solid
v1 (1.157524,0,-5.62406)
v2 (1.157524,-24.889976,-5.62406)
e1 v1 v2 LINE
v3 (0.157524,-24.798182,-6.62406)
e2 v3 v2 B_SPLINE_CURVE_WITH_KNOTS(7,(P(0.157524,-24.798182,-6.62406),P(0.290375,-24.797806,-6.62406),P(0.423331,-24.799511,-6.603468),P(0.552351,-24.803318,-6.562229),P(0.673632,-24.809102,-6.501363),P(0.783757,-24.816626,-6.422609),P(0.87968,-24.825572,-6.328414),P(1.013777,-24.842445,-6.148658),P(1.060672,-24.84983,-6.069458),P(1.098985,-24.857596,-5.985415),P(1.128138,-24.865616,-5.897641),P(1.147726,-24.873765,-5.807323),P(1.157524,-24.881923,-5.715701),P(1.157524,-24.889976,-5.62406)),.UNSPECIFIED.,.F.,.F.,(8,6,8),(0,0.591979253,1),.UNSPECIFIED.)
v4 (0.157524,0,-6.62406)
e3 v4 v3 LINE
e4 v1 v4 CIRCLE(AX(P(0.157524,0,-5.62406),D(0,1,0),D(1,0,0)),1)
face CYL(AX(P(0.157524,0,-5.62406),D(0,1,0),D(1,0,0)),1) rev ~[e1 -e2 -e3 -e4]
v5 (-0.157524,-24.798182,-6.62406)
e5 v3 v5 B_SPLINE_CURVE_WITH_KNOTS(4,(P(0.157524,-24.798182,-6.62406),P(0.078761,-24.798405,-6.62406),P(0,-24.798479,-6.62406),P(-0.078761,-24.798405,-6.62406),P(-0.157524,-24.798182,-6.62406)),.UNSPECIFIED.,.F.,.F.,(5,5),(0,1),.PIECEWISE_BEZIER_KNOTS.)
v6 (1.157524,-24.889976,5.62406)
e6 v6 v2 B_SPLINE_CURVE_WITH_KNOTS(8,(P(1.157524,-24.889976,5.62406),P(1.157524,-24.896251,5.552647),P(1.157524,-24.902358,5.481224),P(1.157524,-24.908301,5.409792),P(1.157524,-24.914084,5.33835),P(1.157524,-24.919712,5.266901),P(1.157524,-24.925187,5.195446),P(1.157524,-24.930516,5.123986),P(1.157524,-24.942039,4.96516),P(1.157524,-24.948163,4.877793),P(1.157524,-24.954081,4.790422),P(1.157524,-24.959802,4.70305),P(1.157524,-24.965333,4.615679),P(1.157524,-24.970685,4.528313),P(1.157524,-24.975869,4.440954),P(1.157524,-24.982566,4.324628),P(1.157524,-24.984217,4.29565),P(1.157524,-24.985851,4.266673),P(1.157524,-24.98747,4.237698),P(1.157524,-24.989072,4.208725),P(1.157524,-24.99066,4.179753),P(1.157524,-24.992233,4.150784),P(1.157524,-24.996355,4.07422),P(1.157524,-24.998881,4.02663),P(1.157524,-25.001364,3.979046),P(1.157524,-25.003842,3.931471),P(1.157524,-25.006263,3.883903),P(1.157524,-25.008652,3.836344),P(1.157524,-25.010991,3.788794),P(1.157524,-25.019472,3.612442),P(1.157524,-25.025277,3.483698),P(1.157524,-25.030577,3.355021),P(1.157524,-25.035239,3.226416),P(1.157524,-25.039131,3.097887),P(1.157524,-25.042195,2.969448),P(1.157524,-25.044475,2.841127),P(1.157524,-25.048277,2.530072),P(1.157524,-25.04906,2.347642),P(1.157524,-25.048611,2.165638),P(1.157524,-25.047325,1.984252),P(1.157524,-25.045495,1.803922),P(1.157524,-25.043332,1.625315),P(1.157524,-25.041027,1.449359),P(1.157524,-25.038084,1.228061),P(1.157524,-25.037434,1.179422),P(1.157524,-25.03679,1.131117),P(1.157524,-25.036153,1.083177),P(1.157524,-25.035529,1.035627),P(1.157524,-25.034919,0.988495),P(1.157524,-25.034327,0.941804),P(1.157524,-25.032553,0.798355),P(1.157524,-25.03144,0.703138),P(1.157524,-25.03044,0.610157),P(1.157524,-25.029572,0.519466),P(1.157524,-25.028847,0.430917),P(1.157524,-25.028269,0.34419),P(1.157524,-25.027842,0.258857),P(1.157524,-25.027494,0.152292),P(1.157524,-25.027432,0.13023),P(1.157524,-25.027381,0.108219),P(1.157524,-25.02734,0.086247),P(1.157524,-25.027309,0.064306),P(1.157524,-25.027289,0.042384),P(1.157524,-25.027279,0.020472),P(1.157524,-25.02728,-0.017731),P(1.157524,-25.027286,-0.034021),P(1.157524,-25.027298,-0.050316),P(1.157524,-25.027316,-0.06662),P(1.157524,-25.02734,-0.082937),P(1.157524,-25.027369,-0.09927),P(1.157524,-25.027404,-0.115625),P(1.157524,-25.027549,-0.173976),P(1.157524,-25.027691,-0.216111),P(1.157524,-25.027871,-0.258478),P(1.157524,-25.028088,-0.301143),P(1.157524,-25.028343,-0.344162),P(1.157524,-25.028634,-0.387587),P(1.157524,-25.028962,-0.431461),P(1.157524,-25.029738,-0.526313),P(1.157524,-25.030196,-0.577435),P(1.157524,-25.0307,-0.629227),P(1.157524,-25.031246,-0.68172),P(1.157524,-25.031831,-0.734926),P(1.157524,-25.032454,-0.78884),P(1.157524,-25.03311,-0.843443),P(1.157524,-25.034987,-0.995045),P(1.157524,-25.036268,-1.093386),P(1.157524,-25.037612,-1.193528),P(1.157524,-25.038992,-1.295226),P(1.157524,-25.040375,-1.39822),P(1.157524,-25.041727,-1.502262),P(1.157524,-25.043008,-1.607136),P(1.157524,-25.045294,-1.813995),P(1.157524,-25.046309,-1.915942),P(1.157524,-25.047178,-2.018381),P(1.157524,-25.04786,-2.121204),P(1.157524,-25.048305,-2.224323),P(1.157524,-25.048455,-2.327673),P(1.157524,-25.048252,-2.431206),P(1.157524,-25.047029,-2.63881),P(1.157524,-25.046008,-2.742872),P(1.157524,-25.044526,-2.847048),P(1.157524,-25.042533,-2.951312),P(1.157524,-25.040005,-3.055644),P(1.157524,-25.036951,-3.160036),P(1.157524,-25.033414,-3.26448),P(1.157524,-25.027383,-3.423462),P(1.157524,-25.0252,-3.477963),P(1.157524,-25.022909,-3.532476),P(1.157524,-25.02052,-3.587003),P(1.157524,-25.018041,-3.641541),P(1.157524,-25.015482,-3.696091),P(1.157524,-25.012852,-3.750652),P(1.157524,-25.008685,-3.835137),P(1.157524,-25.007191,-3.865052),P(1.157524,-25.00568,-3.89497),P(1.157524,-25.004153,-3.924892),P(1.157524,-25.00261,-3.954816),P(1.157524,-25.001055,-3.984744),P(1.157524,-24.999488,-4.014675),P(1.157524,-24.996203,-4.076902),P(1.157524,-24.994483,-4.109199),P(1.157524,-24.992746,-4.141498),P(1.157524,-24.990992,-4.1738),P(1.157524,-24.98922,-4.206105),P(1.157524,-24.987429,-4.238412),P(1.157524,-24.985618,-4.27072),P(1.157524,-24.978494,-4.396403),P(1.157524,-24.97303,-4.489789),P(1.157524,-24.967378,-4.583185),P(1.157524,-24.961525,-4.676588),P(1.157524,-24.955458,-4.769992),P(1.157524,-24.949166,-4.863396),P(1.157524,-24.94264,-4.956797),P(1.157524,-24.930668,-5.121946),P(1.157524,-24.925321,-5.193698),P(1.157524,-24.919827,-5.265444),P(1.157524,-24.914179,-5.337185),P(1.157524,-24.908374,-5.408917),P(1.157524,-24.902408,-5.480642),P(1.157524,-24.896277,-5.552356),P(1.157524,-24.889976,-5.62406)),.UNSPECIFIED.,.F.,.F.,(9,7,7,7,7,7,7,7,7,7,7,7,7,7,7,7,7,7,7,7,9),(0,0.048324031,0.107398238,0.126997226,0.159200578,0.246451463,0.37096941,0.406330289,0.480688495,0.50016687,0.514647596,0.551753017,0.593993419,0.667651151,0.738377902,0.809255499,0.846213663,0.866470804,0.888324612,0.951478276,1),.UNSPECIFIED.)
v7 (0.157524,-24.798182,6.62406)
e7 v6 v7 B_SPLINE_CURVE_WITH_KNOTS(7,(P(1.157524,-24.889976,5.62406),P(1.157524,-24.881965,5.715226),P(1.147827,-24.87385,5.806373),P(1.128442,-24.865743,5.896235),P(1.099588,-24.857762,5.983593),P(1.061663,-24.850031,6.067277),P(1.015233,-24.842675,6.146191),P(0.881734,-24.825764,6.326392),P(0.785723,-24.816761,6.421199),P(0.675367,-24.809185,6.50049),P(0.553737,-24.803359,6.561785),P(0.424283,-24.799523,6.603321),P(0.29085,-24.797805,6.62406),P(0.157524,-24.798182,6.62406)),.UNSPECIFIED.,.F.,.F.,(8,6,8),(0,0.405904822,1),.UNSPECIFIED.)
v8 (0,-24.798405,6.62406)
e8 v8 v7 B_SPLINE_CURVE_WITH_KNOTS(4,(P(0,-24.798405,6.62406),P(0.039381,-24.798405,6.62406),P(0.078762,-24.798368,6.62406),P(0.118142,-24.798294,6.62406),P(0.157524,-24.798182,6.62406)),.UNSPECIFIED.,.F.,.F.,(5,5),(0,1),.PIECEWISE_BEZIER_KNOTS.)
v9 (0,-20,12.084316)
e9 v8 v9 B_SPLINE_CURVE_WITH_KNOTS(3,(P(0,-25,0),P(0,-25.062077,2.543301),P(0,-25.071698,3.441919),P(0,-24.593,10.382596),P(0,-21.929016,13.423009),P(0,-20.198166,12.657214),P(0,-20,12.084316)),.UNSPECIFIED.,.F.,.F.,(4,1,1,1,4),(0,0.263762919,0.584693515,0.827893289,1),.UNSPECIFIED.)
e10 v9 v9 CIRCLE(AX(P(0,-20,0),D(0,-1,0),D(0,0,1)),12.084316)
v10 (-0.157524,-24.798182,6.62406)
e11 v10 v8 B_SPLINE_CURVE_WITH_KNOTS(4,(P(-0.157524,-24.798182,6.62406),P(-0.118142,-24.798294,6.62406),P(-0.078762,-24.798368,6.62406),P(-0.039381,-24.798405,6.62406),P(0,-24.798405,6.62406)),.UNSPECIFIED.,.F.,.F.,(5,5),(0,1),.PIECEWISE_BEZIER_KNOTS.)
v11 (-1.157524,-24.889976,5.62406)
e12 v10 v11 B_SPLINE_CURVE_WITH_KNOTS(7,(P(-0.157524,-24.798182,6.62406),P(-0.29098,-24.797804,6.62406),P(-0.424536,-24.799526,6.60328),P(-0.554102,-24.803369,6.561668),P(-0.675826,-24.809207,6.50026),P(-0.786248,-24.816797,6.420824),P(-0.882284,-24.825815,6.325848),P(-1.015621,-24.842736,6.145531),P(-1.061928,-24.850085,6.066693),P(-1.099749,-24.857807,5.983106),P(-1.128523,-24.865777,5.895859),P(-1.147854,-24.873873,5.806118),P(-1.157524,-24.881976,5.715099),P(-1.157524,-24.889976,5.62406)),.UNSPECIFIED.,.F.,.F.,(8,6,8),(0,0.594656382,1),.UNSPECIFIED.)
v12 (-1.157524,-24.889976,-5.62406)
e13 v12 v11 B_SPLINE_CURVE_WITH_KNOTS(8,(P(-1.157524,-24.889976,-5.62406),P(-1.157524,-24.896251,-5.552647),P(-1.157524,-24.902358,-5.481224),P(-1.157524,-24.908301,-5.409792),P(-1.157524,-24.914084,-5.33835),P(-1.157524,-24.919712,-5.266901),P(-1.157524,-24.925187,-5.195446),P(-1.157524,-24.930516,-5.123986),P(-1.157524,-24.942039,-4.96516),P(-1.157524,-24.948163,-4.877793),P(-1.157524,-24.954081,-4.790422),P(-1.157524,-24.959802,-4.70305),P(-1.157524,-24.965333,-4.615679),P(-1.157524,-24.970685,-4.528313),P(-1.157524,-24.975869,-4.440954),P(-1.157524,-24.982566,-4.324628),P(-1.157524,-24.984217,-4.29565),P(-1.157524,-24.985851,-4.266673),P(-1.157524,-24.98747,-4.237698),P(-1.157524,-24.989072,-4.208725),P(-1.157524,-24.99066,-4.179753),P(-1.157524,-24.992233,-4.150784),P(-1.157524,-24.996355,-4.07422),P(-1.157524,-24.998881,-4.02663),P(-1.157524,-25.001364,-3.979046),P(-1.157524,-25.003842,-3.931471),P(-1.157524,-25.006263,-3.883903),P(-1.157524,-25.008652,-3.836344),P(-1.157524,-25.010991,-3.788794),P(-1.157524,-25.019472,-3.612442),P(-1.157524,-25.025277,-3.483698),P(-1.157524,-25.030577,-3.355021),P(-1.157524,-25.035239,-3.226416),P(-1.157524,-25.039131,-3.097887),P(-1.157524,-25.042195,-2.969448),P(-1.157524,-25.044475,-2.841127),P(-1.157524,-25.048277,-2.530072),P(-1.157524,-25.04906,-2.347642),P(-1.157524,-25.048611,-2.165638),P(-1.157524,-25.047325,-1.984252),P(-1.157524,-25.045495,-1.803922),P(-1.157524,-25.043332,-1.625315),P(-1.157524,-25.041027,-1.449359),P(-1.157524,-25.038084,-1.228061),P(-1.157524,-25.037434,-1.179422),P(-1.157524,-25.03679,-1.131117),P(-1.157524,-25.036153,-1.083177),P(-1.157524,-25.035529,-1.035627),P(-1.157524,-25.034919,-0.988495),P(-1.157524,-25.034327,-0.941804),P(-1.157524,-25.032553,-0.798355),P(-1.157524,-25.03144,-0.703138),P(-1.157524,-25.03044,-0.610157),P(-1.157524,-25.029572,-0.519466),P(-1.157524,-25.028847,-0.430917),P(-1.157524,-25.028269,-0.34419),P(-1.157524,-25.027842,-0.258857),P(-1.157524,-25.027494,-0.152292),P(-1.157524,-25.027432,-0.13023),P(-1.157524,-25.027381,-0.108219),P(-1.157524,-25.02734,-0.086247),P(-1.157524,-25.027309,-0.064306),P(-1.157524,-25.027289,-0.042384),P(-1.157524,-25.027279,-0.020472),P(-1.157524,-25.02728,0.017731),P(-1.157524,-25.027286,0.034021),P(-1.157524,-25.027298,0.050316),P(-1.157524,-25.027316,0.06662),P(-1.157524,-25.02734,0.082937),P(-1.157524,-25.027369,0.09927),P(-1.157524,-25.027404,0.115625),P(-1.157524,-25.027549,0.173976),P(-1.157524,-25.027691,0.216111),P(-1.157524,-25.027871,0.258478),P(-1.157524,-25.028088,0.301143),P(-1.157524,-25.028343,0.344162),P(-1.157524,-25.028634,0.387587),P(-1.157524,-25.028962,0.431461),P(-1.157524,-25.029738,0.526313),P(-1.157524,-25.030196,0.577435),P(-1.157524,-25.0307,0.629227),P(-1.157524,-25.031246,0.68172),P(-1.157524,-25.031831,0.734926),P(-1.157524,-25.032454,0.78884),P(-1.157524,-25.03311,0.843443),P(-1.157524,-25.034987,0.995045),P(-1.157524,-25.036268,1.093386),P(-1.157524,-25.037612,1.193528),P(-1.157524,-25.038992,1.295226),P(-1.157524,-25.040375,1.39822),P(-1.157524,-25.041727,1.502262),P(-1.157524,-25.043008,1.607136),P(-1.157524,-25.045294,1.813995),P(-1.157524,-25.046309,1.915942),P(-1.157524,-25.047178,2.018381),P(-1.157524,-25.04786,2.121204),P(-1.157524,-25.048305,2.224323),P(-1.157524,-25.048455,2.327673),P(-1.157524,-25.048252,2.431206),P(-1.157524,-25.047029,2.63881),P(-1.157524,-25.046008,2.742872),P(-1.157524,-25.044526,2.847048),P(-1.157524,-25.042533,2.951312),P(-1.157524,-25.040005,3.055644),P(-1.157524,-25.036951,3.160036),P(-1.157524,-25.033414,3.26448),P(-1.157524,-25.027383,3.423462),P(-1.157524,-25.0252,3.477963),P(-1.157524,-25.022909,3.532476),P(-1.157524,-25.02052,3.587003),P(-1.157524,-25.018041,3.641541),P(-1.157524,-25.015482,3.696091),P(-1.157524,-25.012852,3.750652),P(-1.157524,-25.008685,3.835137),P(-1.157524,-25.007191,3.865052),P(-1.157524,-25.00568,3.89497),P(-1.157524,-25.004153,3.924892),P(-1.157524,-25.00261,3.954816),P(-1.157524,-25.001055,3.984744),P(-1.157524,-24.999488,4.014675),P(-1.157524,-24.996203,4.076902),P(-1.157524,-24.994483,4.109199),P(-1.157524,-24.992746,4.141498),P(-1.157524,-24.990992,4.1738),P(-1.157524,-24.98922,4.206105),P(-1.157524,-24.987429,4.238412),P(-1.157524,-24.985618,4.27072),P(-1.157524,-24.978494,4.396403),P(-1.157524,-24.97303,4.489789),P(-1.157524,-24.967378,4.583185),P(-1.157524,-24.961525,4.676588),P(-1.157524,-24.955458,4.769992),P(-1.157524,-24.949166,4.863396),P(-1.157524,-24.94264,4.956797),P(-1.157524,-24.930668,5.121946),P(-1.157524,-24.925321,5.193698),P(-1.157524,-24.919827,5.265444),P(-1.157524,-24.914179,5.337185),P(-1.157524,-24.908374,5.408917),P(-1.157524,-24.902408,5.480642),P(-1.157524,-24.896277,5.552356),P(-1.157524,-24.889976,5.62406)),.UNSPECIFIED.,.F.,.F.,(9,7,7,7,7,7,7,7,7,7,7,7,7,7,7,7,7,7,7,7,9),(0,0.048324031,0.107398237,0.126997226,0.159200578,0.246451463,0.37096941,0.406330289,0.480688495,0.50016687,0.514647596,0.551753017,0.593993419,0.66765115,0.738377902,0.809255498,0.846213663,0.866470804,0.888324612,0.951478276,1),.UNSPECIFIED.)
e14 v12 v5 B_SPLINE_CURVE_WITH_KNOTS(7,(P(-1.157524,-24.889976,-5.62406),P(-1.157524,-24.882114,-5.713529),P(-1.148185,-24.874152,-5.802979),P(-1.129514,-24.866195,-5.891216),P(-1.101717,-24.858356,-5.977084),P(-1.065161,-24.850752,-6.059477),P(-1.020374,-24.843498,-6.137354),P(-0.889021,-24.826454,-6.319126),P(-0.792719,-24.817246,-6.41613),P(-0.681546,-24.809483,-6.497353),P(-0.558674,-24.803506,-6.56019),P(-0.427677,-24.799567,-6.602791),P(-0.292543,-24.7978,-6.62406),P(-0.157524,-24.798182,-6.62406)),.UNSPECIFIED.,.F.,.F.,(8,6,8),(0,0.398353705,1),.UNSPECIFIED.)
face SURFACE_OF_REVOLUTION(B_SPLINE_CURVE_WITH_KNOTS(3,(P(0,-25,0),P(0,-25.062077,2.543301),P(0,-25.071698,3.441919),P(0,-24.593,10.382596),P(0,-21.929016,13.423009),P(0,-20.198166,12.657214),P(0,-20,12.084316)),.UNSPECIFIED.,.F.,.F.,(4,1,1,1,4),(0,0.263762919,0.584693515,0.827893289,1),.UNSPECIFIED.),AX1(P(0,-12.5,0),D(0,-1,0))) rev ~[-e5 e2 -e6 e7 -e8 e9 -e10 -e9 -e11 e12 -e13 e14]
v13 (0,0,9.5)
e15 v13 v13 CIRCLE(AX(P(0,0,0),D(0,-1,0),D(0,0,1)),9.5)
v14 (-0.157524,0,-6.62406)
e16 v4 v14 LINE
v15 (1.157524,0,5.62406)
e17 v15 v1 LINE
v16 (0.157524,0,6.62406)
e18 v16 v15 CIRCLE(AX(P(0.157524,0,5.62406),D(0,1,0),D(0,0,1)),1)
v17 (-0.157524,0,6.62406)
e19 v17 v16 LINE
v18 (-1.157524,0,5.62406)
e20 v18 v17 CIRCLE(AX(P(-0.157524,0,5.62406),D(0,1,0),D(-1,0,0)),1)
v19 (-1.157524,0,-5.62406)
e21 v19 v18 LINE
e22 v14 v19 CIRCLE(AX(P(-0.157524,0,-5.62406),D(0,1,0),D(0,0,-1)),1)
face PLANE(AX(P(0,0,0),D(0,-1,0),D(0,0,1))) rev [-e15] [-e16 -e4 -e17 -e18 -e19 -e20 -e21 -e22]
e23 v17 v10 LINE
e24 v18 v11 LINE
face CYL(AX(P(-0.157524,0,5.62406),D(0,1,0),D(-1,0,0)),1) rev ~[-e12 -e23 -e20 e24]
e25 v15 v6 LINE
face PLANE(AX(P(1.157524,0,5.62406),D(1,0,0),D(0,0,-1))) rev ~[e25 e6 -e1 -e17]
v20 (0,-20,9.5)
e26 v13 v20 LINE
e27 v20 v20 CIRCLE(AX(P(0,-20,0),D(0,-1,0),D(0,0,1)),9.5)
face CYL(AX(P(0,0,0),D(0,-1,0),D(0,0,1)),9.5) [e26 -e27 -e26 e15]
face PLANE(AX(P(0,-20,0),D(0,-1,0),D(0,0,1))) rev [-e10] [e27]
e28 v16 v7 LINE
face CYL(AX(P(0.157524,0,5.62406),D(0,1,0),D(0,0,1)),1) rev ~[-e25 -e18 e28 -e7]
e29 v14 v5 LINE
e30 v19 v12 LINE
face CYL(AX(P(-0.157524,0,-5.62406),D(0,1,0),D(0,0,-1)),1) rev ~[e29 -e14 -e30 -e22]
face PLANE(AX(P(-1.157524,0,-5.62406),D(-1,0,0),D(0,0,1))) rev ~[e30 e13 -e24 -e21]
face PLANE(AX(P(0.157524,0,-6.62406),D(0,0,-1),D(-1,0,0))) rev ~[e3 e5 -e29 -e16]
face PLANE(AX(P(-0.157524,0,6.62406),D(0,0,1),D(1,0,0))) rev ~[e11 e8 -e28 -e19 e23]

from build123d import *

# Parameters (mm, degrees)
F3_DEPTH = 25.0491994545


with BuildPart() as f1:
    # F0 (on Right) → F1 (revolve)
    with BuildSketch(Plane.YZ):
        with BuildLine():
            Line((-25, 0), (0, 0))
            Line((0, 0), (0, 9.5))
            Line((0, 9.5), (-20, 9.5))
            Line((-20, 9.5), (-20, 12.0843162353))
            add(Edge.make_bspline(
                [(-25, 0), (-25.0620774302, 2.5433010343), (-25.0716983516, 3.4419194063), (-24.5929996185, 10.3825960783), (-21.9290160892, 13.4230087933), (-20.1981659595, 12.6572140375), (-20, 12.0843162353)],
                knots=[0, 0, 0, 0, 0.2637629191, 0.5846935152, 0.8278932887, 1, 1, 1, 1], degree=3))
        make_face()
    revolve(axis=Axis((0, -12.5, 0), (0, -1, 0)))

    # F2 (on face) → F3 (cut, through all)
    with BuildSketch(Plane(origin=(0, 0, 0), x_dir=(-1, 0, 0), z_dir=(0, 1, 0))):
        with BuildLine():
            ThreePointArc((1.1575235985, 5.6240597516), (0.8646303797, 6.3311665328), (0.1575235985, 6.6240597516))
            Line((0.1575235985, 6.6240597516), (-0.1575235985, 6.6240597516))
            ThreePointArc((-0.1575235985, 6.6240597516), (-0.8646303797, 6.3311665328), (-1.1575235985, 5.6240597516))
            Line((-1.1575235985, 5.6240597516), (-1.1575235985, -5.6240597516))
            ThreePointArc((-1.1575235985, -5.6240597516), (-0.8646303797, -6.3311665328), (-0.1575235985, -6.6240597516))
            Line((-0.1575235985, -6.6240597516), (0.1575235985, -6.6240597516))
            ThreePointArc((0.1575235985, -6.6240597516), (0.8646303797, -6.3311665328), (1.1575235985, -5.6240597516))
            Line((1.1575235985, -5.6240597516), (1.1575235985, 5.6240597516))
        make_face()
    extrude(amount=-F3_DEPTH, mode=Mode.SUBTRACT)


solid = f1.part
